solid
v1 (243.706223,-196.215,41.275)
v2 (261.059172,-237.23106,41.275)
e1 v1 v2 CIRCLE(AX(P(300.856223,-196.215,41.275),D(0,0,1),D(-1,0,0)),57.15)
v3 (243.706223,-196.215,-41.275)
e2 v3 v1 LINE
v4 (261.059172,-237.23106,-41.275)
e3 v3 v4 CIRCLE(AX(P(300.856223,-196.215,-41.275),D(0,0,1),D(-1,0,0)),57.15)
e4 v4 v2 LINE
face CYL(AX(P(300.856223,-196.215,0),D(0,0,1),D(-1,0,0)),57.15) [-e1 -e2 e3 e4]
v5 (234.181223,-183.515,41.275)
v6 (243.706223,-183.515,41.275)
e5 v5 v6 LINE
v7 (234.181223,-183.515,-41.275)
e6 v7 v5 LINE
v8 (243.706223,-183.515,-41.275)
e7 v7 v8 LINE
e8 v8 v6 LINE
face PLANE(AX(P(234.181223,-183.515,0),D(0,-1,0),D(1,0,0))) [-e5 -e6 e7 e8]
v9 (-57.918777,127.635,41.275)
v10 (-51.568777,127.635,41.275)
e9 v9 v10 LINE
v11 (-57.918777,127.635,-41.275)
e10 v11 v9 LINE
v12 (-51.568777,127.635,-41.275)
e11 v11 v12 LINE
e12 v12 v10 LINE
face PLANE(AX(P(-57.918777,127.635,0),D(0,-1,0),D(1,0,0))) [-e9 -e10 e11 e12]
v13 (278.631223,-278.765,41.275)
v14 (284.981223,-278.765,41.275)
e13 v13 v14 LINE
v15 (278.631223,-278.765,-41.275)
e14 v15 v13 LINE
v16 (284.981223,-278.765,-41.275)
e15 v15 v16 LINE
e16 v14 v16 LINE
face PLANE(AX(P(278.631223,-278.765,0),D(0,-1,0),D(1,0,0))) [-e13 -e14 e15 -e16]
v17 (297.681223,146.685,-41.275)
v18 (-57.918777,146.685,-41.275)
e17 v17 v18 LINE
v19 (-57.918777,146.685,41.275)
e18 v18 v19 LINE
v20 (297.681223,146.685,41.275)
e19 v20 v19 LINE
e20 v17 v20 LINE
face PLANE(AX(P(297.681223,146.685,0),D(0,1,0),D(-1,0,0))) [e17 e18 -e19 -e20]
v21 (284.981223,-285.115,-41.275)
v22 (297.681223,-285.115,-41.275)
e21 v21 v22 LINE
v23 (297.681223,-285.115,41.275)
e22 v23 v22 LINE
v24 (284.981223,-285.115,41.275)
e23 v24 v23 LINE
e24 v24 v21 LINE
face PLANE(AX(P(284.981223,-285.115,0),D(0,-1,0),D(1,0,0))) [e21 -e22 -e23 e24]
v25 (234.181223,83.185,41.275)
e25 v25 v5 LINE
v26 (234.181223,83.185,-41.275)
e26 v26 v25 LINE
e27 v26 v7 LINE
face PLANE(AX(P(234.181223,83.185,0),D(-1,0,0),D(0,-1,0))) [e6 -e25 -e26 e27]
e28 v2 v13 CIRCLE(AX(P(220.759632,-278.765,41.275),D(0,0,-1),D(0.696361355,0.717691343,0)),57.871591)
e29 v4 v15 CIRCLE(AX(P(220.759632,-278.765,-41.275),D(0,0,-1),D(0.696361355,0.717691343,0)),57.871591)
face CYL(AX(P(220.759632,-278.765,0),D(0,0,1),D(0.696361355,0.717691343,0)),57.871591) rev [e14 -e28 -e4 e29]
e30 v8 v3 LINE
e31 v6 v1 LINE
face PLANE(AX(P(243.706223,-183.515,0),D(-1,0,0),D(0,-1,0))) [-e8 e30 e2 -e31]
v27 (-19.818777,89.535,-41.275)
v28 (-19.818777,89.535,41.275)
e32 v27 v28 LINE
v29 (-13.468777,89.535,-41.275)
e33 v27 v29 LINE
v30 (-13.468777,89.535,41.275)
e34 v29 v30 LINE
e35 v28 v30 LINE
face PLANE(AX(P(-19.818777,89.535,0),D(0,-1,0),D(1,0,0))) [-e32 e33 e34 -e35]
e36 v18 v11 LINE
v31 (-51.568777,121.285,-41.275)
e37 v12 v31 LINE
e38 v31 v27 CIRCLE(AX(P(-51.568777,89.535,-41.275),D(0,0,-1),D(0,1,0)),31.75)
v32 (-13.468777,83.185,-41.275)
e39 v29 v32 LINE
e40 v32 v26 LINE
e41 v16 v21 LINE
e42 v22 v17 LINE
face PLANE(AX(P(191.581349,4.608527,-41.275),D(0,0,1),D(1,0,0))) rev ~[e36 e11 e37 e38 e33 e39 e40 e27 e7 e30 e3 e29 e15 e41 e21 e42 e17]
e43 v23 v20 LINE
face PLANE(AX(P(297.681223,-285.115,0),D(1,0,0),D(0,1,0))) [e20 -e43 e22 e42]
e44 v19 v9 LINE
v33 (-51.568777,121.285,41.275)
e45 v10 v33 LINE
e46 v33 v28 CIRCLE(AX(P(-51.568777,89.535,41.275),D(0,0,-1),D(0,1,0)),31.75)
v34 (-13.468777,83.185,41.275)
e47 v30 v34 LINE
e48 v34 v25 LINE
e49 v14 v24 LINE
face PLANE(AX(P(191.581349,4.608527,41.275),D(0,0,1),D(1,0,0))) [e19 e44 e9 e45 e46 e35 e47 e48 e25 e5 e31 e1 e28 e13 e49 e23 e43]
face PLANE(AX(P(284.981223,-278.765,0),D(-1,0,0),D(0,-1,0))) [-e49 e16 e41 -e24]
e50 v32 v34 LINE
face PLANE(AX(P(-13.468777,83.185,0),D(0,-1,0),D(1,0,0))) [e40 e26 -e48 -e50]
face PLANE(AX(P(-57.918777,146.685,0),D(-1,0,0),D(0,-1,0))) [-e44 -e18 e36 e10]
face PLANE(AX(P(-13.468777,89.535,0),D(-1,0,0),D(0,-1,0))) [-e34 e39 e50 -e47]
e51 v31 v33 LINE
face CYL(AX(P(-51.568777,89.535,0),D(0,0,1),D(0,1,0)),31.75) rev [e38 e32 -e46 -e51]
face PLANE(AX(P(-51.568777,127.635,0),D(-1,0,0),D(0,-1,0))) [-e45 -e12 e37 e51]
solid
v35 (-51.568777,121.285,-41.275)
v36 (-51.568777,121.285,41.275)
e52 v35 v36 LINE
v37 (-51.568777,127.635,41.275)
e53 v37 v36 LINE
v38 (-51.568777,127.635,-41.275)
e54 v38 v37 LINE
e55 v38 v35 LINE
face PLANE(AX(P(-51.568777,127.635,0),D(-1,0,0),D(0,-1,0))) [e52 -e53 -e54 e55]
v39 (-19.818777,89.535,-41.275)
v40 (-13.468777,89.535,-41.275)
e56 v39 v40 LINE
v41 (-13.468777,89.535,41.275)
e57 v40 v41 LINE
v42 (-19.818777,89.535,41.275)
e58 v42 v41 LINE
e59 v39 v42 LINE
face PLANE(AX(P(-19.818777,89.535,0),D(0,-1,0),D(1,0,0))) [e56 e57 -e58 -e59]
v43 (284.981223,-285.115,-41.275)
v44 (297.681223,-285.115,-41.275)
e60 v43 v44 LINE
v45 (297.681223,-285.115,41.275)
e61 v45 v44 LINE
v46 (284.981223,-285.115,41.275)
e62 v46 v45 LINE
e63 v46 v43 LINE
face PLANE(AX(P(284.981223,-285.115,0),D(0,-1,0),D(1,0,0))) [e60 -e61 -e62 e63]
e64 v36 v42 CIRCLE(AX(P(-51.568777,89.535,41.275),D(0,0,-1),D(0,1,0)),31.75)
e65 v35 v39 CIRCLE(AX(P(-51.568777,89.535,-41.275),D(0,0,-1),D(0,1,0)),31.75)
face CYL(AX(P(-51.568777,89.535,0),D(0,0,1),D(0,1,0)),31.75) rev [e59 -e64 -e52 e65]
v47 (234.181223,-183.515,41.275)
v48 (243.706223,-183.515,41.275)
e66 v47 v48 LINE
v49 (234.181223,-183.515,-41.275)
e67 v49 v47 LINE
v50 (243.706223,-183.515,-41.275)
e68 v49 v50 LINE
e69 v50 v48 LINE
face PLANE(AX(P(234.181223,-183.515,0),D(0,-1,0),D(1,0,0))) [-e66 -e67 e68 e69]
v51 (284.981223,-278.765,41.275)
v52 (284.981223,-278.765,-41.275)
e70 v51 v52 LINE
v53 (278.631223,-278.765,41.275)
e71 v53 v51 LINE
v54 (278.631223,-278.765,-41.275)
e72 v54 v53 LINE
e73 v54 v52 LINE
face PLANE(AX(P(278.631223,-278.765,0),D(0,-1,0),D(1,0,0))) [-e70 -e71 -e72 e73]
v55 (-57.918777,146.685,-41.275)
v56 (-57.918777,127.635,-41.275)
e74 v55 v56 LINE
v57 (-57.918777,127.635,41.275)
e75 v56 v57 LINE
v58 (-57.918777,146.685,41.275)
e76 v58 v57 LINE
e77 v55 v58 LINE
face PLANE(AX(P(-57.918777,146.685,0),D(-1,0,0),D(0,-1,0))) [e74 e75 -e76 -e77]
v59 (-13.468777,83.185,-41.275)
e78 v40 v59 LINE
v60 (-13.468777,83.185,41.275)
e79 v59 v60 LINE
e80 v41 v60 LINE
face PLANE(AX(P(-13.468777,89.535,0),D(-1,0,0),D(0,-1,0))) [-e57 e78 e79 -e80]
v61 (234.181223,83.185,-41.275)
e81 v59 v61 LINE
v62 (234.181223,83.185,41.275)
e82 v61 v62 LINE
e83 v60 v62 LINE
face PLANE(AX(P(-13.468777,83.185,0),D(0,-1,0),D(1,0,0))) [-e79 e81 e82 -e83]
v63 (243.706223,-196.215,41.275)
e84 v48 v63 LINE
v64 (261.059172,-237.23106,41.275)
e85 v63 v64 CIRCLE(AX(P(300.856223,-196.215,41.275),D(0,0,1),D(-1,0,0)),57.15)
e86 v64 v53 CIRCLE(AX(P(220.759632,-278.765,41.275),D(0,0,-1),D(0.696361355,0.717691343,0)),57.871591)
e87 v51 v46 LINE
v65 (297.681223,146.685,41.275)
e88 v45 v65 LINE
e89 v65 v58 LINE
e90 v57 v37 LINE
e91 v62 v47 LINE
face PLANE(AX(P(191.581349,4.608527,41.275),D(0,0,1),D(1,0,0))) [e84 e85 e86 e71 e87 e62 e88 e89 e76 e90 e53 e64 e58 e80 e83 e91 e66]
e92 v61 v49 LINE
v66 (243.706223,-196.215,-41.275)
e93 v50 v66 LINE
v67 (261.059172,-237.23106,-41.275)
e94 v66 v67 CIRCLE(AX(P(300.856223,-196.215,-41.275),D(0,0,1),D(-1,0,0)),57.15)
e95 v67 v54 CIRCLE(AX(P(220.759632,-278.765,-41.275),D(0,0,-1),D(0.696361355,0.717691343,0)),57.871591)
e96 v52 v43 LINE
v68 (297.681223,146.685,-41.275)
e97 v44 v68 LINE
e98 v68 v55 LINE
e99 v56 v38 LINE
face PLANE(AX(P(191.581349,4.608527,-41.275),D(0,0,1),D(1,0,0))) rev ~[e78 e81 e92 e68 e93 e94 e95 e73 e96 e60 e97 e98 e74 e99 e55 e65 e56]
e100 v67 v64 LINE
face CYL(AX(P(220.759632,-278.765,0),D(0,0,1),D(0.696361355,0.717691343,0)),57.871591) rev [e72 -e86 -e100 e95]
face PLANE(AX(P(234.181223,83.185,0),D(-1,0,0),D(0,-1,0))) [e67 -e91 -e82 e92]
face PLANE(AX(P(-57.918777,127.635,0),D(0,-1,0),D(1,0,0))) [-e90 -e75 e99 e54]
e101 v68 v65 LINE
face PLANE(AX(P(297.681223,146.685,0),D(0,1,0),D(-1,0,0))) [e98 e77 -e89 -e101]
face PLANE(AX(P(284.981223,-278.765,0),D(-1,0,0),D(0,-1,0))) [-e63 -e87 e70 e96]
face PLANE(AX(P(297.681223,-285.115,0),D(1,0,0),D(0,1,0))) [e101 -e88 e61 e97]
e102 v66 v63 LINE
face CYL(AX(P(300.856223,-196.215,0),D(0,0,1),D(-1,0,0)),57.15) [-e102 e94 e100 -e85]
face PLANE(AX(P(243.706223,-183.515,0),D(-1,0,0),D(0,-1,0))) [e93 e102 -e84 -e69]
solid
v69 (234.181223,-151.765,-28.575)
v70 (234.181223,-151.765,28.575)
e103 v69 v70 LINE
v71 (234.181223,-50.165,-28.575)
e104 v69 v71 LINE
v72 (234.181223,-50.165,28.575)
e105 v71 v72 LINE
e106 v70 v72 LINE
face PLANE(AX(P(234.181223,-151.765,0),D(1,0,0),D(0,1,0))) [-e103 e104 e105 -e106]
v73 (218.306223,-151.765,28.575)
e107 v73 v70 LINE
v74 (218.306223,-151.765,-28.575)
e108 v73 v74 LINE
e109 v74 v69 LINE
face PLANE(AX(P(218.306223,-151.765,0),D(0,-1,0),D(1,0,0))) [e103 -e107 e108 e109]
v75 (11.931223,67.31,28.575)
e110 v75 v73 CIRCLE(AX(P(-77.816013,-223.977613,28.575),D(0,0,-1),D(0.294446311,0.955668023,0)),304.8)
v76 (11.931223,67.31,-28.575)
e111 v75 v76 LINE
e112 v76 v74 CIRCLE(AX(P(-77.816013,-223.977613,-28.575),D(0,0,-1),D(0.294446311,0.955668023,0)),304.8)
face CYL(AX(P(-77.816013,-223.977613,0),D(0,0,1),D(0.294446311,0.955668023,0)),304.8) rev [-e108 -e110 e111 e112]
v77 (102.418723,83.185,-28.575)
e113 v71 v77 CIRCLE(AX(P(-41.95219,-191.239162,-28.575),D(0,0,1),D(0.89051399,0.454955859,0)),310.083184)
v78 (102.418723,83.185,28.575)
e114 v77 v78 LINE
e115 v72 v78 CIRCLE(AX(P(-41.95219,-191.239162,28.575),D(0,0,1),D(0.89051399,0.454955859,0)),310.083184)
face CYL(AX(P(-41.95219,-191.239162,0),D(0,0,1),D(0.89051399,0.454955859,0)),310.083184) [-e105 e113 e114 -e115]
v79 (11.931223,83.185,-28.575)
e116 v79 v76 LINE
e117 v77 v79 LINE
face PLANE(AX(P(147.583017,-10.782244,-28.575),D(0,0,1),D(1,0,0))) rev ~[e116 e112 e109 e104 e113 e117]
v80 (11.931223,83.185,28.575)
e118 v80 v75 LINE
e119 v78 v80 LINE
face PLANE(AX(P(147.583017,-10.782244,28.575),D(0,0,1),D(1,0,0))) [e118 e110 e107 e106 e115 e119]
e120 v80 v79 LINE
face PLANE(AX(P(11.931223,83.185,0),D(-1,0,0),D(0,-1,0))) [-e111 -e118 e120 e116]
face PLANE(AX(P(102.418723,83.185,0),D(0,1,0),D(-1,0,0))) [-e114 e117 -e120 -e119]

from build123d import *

# Parameters (mm, degrees)
BOSS_EXTRUDE1_DEPTH = 41.275
BOSS_EXTRUDE2_DEPTH = 28.575
BOSS_EXTRUDE3_DEPTH = 41.275


with BuildPart() as part:
    # Sketch1 → Boss-Extrude1 (new body, symmetric)
    with BuildSketch(Plane.XY):
        with BuildLine():
            Line((297.681223016, -285.115), (297.681223016, 146.685))
            Line((297.681223016, 146.685), (-57.918776984, 146.685))
            Line((-57.918776984, 146.685), (-57.918776984, 127.635))
            Line((-57.918776984, 127.635), (-51.568776984, 127.635))
            Line((-51.568776984, 127.635), (-51.568776984, 121.285))
            ThreePointArc((-51.568776984, 121.285), (-29.118136682, 111.985640303), (-19.818776984, 89.535))
            Line((-19.818776984, 89.535), (-13.468776984, 89.535))
            Line((-13.468776984, 89.535), (-13.468776984, 83.185))
            Line((-13.468776984, 83.185), (234.181223016, 83.185))
            Line((234.181223016, 83.185), (234.181223016, -183.515))
            Line((234.181223016, -183.515), (243.706223016, -183.515))
            Line((243.706223016, -183.515), (243.706223016, -196.215))
            ThreePointArc((243.706223016, -196.215), (248.222944617, -218.482925476), (261.059171573, -237.231060226))
            ThreePointArc((261.059171573, -237.231060226), (274.057472101, -256.215913848), (278.631223016, -278.765))
            Line((278.631223016, -278.765), (284.981223016, -278.765))
            Line((284.981223016, -278.765), (284.981223016, -285.115))
            Line((284.981223016, -285.115), (297.681223016, -285.115))
        make_face()
    extrude(amount=BOSS_EXTRUDE1_DEPTH, both=True)


with BuildPart() as body_2:
    # Sketch1_3 → Boss-Extrude2 (new body, symmetric)
    with BuildSketch(Plane.XY):
        with BuildLine():
            Line((218.306223016, -151.765), (234.181223016, -151.765))
            Line((234.181223016, -151.765), (234.181223016, -50.165))
            ThreePointArc((234.181223016, -50.165), (178.618723016, 26.705907738), (102.418723016, 83.185))
            Line((102.418723016, 83.185), (11.931223016, 83.185))
            Line((11.931223016, 83.185), (11.931223016, 67.31))
            ThreePointArc((11.931223016, 67.31), (144.044926072, -14.97817828), (218.306223016, -151.765))
        make_face()
    extrude(amount=BOSS_EXTRUDE2_DEPTH, both=True)


with BuildPart() as body_3:
    # Sketch1_4 → Boss-Extrude3 (new body, symmetric)
    with BuildSketch(Plane.XY):
        with BuildLine():
            Line((297.681223016, -285.115), (297.681223016, 146.685))
            Line((297.681223016, 146.685), (-57.918776984, 146.685))
            Line((-57.918776984, 146.685), (-57.918776984, 127.635))
            Line((-57.918776984, 127.635), (-51.568776984, 127.635))
            Line((-51.568776984, 127.635), (-51.568776984, 121.285))
            ThreePointArc((-51.568776984, 121.285), (-29.118136682, 111.985640303), (-19.818776984, 89.535))
            Line((-19.818776984, 89.535), (-13.468776984, 89.535))
            Line((-13.468776984, 89.535), (-13.468776984, 83.185))
            Line((-13.468776984, 83.185), (234.181223016, 83.185))
            Line((234.181223016, 83.185), (234.181223016, -183.515))
            Line((234.181223016, -183.515), (243.706223016, -183.515))
            Line((243.706223016, -183.515), (243.706223016, -196.215))
            ThreePointArc((243.706223016, -196.215), (248.222944617, -218.482925476), (261.059171573, -237.231060226))
            ThreePointArc((261.059171573, -237.231060226), (274.057472101, -256.215913848), (278.631223016, -278.765))
            Line((278.631223016, -278.765), (284.981223016, -278.765))
            Line((284.981223016, -278.765), (284.981223016, -285.115))
            Line((284.981223016, -285.115), (297.681223016, -285.115))
        make_face()
    extrude(amount=BOSS_EXTRUDE3_DEPTH, both=True)


solid = Compound([part.part, body_2.part, body_3.part])
